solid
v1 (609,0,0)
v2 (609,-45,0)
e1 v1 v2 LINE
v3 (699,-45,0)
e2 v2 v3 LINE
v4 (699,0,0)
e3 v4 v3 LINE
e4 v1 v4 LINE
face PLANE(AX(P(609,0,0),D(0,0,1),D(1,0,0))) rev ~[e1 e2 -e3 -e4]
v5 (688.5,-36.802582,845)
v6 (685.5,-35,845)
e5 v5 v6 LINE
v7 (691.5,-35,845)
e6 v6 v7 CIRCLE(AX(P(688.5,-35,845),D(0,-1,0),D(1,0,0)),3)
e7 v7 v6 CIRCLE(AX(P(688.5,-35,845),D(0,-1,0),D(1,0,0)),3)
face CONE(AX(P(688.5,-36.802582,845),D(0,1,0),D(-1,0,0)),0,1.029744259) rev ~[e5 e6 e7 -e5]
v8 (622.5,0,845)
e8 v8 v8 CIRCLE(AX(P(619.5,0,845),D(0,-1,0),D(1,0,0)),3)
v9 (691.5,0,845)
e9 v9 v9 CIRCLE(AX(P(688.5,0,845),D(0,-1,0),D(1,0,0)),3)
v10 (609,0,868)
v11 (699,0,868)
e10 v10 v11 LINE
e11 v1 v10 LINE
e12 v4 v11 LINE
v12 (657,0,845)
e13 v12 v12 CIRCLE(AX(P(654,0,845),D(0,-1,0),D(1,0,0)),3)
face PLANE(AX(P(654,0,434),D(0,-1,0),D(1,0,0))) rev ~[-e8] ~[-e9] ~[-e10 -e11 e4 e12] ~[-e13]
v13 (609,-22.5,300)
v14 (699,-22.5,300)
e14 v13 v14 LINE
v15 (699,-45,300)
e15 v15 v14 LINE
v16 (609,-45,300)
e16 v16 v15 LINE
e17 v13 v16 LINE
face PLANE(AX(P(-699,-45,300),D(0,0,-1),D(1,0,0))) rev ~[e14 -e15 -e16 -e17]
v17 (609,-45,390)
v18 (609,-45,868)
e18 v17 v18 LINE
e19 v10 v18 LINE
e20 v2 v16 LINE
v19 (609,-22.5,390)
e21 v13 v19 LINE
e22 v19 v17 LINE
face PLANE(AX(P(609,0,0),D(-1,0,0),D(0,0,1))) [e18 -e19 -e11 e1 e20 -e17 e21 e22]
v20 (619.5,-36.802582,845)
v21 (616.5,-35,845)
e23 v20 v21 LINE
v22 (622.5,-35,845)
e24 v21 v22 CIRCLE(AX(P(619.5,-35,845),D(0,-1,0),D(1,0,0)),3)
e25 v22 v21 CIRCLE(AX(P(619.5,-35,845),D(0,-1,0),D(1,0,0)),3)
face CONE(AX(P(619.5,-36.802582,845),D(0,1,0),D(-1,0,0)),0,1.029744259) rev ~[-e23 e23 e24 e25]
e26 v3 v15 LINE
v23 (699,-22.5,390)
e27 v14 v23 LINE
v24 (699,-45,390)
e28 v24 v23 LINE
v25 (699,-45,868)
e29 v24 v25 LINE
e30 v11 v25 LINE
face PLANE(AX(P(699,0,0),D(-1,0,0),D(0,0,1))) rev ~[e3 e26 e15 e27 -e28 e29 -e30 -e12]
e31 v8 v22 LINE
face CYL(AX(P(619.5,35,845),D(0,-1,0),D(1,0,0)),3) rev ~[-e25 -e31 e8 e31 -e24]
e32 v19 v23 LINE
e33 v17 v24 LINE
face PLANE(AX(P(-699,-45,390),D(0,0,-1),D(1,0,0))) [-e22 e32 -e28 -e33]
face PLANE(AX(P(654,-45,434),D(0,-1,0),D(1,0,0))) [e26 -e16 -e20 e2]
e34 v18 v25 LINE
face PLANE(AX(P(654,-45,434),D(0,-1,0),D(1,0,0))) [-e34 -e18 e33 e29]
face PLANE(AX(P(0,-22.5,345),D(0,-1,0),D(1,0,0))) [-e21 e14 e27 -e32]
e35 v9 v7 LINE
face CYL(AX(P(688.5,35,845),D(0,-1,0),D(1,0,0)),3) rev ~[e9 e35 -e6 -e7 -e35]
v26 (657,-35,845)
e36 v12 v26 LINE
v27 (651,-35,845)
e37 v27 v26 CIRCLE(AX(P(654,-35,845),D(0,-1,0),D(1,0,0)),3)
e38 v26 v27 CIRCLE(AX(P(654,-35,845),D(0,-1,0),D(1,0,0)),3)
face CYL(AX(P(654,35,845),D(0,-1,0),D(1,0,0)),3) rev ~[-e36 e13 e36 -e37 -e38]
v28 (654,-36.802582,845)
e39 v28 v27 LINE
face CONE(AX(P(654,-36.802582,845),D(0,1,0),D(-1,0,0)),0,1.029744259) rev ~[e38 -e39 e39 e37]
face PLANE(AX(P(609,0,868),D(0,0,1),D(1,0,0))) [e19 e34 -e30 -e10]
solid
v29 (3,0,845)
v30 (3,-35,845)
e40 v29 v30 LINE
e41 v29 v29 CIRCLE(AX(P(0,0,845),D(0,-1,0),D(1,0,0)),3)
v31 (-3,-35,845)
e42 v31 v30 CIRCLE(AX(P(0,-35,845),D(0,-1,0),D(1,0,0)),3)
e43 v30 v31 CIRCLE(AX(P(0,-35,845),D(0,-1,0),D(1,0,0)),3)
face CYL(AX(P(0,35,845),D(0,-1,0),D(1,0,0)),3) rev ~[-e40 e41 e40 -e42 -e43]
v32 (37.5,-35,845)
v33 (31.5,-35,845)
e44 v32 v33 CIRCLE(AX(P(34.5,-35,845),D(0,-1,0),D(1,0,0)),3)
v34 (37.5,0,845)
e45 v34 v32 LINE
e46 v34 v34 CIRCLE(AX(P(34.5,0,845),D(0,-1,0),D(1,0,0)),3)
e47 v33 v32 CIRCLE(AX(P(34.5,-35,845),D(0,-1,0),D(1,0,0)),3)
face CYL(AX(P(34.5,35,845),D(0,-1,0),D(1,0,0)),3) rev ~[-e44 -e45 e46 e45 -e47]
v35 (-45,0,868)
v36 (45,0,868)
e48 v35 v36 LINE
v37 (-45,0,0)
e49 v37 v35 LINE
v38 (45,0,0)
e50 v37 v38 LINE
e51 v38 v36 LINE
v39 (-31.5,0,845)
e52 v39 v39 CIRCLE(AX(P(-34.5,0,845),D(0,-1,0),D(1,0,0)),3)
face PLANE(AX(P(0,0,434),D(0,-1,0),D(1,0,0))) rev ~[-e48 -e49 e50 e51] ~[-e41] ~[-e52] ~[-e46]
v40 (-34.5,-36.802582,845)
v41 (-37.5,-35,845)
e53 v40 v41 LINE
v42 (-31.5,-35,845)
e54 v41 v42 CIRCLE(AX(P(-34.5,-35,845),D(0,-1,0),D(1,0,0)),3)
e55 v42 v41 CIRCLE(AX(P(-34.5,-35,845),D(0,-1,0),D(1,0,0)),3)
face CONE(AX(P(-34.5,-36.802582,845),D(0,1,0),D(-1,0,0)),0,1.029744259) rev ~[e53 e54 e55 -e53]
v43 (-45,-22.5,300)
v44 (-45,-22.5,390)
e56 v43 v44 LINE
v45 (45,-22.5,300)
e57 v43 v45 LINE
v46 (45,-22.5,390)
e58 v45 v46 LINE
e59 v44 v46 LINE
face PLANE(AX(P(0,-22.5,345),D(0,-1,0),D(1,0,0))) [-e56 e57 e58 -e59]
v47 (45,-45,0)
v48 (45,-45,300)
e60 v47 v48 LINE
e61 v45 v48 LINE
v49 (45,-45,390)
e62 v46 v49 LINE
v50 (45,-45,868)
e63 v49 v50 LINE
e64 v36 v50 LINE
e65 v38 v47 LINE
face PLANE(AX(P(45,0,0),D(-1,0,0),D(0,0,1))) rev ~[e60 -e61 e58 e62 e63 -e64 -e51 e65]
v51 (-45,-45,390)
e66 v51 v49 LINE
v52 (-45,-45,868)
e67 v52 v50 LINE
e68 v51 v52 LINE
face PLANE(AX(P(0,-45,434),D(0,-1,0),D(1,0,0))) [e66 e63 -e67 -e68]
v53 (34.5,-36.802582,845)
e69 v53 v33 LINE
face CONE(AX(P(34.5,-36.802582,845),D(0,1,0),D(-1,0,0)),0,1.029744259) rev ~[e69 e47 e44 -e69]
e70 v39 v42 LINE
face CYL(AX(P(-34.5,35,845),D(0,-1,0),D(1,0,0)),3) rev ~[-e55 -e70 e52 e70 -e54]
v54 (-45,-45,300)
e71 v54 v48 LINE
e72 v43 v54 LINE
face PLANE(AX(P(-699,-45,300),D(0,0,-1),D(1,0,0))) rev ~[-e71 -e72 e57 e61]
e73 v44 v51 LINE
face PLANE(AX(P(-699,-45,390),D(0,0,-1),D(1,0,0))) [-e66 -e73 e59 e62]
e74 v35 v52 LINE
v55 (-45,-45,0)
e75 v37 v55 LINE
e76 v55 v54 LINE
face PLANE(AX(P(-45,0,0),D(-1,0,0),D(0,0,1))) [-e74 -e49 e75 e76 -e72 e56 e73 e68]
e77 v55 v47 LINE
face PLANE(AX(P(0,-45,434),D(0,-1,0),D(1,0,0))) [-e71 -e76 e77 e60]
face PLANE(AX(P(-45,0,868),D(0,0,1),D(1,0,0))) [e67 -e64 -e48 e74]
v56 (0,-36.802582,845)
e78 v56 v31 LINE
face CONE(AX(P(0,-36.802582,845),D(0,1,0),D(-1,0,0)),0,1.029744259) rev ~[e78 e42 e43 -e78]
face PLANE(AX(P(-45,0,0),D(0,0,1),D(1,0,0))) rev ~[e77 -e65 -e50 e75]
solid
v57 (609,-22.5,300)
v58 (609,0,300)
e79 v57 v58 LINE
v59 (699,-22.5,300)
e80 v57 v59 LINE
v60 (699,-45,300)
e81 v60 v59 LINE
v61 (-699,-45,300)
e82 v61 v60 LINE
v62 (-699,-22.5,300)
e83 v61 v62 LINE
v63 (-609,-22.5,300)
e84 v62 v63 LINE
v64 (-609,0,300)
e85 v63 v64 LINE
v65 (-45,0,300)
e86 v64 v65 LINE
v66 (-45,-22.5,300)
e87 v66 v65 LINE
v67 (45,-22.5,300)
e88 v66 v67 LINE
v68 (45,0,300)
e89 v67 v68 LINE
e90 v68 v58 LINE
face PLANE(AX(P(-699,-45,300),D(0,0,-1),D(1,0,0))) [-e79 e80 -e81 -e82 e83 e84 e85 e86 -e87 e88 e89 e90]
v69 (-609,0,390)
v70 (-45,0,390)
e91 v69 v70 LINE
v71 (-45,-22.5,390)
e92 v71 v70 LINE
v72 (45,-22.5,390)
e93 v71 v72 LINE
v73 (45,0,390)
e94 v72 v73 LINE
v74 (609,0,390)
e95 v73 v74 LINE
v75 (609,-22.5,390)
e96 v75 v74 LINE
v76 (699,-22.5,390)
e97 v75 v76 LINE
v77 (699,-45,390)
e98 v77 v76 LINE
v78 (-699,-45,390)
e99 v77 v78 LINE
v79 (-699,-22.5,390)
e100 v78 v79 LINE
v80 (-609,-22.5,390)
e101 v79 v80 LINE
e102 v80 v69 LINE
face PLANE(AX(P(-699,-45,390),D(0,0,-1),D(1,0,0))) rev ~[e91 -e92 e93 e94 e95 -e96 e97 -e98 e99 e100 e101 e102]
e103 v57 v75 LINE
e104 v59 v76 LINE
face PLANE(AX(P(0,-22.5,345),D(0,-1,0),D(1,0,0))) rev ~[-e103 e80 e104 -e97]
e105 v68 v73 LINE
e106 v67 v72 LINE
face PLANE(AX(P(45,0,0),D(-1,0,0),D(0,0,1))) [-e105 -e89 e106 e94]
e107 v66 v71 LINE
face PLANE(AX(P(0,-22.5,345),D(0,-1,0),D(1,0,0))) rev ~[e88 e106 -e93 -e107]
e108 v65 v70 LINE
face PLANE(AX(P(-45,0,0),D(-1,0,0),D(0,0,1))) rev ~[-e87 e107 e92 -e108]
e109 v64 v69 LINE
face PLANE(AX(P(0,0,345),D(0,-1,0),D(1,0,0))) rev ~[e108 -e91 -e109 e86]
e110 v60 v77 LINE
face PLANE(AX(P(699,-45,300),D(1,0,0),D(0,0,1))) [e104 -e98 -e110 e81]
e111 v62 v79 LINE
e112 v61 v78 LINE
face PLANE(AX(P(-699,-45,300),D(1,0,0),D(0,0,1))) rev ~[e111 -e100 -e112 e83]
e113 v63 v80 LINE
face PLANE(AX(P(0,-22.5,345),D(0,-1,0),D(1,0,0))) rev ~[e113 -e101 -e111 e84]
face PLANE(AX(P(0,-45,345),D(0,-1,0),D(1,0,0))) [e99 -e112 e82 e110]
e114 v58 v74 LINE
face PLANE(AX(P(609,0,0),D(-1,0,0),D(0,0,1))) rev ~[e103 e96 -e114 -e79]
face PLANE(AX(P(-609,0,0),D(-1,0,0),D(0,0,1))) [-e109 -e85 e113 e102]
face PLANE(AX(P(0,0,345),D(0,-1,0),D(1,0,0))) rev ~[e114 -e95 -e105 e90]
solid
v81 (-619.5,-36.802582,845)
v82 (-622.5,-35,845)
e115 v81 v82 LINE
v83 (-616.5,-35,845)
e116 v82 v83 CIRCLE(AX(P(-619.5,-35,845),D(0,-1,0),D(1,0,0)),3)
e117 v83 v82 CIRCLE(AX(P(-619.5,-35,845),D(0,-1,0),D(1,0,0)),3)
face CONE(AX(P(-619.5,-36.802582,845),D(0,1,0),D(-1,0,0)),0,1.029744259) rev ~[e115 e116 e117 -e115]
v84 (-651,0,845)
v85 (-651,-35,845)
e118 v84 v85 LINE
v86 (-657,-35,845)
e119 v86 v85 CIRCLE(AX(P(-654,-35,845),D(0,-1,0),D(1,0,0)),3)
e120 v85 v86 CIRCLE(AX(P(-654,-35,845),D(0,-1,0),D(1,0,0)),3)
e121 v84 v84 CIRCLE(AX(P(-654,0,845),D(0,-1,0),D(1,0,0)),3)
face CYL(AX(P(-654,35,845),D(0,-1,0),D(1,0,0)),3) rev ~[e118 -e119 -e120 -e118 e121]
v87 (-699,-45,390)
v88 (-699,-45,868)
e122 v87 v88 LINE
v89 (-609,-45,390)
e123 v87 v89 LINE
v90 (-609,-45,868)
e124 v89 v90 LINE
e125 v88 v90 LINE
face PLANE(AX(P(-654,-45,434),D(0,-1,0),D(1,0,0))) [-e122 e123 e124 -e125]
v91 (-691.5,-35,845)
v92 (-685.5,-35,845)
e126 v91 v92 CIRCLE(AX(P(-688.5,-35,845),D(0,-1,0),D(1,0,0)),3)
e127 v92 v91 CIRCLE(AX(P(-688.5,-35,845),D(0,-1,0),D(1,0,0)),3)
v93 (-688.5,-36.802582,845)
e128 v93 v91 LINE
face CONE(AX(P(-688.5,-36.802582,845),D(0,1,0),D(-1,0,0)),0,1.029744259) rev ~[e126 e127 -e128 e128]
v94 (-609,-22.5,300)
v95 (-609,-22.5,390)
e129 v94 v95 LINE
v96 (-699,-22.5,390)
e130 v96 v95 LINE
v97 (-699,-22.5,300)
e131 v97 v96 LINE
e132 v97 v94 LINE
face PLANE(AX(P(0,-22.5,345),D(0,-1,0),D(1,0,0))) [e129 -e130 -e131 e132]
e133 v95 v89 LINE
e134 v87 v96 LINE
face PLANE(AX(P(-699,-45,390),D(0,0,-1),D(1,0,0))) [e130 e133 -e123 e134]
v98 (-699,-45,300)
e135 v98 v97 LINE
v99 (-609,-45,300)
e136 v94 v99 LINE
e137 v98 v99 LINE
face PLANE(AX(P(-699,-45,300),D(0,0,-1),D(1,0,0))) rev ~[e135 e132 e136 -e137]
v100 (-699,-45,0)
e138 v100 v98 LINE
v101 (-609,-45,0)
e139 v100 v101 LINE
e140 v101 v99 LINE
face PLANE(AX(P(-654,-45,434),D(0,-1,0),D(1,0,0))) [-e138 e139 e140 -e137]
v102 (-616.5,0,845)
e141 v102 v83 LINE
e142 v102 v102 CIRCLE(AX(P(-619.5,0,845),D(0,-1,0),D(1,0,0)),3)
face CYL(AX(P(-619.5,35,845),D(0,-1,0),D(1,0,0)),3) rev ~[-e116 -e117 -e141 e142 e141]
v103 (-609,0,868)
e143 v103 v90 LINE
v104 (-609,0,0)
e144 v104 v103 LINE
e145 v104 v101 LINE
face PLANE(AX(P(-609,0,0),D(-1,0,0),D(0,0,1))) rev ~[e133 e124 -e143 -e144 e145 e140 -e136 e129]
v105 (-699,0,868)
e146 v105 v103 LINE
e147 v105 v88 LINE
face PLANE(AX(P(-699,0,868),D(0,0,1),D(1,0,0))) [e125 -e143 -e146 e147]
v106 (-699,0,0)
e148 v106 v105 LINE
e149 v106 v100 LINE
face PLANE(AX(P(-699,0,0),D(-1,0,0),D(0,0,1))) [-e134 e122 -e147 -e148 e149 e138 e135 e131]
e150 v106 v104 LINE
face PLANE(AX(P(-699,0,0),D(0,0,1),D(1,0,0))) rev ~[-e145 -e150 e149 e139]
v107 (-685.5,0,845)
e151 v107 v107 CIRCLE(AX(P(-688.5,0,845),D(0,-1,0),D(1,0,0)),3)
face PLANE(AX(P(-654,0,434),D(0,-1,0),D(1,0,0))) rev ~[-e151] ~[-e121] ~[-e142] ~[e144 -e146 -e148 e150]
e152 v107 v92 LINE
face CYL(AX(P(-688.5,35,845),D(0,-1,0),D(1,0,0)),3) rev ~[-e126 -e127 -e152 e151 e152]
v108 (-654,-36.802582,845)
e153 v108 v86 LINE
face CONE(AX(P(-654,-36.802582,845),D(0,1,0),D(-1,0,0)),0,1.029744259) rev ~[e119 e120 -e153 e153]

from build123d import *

# Parameters (mm, degrees)
F0_W       = 90
F0_H       = 868
F1_DEPTH   = 45
F2_W       = 1398
F2_H       = 90
F3_DEPTH   = 22.5
F4_W       = 1398
F4_H       = 90
F5_DEPTH   = 45
F8_D       = 6
F8_DEPTH   = 35
F8_TIP     = 1.8025818571
F8_2_D     = 6
F8_2_DEPTH = 35
F8_2_TIP   = 1.8025818571
F8_3_D     = 6
F8_3_DEPTH = 35
F8_3_TIP   = 1.8025818571


with BuildPart() as f1:
    # F0 (on Front) → F1 (new body)
    with BuildSketch(Plane.XZ):
        with Locations((-654, 434)):
            Rectangle(F0_W, F0_H)
    extrude(amount=F1_DEPTH)


with BuildPart() as f1b:
    # F0 (on Front) → F1, piece 2 (new body)
    with BuildSketch(Plane.XZ):
        with Locations((0, 434)):
            Rectangle(F0_W, F0_H)
    extrude(amount=F1_DEPTH)


with BuildPart() as f1c:
    # F0 (on Front) → F1, piece 3 (new body)
    with BuildSketch(Plane.XZ):
        with Locations((654, 434)):
            Rectangle(F0_W, F0_H)
    extrude(amount=F1_DEPTH)


with BuildPart() as f3_tool:
    # F2 (on face) → F3 (new body)
    with BuildSketch(Plane.XZ.offset(45)):
        with Locations((0, 345)):
            Rectangle(F2_W, F2_H)
    extrude(amount=-F3_DEPTH)


with BuildPart() as f1_1:
    add(f1.part)

    # F3: cut by f3_tool
    add(f3_tool.part, mode=Mode.SUBTRACT)


with BuildPart() as f1b_1:
    add(f1b.part)

    # F3: cut by f3_tool
    add(f3_tool.part, mode=Mode.SUBTRACT)


with BuildPart() as f1c_1:
    add(f1c.part)

    # F3: cut by f3_tool
    add(f3_tool.part, mode=Mode.SUBTRACT)


with BuildPart() as f5:
    # F4 (on face) → F5 (new body)
    with BuildSketch(Plane.XZ.offset(45)):
        with Locations((0, 345)):
            Rectangle(F4_W, F4_H)
    extrude(amount=-F5_DEPTH)

    # F6: cut F1, F1b, F1c
    add(f1_1.part, mode=Mode.SUBTRACT)
    add(f1b_1.part, mode=Mode.SUBTRACT)
    add(f1c_1.part, mode=Mode.SUBTRACT)


with BuildPart() as f1_2:
    add(f1_1.part)

    # F8
    with Locations(Plane(origin=(0, 0, 0), x_dir=(-1, 0, 0), z_dir=(0, 1, 0))):
        with Locations((-688.5, 845), (-654, 845), (-619.5, 845), (-34.5, 845), (0, 845), (34.5, 845), (619.5, 845), (654, 845), (688.5, 845)):
            Hole(F8_D / 2, depth=F8_DEPTH)
            with Locations((0, 0, -(F8_DEPTH + F8_TIP / 2))):  # 118° drill point
                Cone(0, F8_D / 2, F8_TIP, mode=Mode.SUBTRACT)


with BuildPart() as f1b_2:
    add(f1b_1.part)

    # F8#2
    with Locations(Plane(origin=(0, 0, 0), x_dir=(-1, 0, 0), z_dir=(0, 1, 0))):
        with Locations((-688.5, 845), (-654, 845), (-619.5, 845), (-34.5, 845), (0, 845), (34.5, 845), (619.5, 845), (654, 845), (688.5, 845)):
            Hole(F8_2_D / 2, depth=F8_2_DEPTH)
            with Locations((0, 0, -(F8_2_DEPTH + F8_2_TIP / 2))):  # 118° drill point
                Cone(0, F8_2_D / 2, F8_2_TIP, mode=Mode.SUBTRACT)


with BuildPart() as f1c_2:
    add(f1c_1.part)

    # F8#3
    with Locations(Plane(origin=(0, 0, 0), x_dir=(-1, 0, 0), z_dir=(0, 1, 0))):
        with Locations((-688.5, 845), (-654, 845), (-619.5, 845), (-34.5, 845), (0, 845), (34.5, 845), (619.5, 845), (654, 845), (688.5, 845)):
            Hole(F8_3_D / 2, depth=F8_3_DEPTH)
            with Locations((0, 0, -(F8_3_DEPTH + F8_3_TIP / 2))):  # 118° drill point
                Cone(0, F8_3_D / 2, F8_3_TIP, mode=Mode.SUBTRACT)


solid = Compound([f5.part, f1_2.part, f1b_2.part, f1c_2.part])
